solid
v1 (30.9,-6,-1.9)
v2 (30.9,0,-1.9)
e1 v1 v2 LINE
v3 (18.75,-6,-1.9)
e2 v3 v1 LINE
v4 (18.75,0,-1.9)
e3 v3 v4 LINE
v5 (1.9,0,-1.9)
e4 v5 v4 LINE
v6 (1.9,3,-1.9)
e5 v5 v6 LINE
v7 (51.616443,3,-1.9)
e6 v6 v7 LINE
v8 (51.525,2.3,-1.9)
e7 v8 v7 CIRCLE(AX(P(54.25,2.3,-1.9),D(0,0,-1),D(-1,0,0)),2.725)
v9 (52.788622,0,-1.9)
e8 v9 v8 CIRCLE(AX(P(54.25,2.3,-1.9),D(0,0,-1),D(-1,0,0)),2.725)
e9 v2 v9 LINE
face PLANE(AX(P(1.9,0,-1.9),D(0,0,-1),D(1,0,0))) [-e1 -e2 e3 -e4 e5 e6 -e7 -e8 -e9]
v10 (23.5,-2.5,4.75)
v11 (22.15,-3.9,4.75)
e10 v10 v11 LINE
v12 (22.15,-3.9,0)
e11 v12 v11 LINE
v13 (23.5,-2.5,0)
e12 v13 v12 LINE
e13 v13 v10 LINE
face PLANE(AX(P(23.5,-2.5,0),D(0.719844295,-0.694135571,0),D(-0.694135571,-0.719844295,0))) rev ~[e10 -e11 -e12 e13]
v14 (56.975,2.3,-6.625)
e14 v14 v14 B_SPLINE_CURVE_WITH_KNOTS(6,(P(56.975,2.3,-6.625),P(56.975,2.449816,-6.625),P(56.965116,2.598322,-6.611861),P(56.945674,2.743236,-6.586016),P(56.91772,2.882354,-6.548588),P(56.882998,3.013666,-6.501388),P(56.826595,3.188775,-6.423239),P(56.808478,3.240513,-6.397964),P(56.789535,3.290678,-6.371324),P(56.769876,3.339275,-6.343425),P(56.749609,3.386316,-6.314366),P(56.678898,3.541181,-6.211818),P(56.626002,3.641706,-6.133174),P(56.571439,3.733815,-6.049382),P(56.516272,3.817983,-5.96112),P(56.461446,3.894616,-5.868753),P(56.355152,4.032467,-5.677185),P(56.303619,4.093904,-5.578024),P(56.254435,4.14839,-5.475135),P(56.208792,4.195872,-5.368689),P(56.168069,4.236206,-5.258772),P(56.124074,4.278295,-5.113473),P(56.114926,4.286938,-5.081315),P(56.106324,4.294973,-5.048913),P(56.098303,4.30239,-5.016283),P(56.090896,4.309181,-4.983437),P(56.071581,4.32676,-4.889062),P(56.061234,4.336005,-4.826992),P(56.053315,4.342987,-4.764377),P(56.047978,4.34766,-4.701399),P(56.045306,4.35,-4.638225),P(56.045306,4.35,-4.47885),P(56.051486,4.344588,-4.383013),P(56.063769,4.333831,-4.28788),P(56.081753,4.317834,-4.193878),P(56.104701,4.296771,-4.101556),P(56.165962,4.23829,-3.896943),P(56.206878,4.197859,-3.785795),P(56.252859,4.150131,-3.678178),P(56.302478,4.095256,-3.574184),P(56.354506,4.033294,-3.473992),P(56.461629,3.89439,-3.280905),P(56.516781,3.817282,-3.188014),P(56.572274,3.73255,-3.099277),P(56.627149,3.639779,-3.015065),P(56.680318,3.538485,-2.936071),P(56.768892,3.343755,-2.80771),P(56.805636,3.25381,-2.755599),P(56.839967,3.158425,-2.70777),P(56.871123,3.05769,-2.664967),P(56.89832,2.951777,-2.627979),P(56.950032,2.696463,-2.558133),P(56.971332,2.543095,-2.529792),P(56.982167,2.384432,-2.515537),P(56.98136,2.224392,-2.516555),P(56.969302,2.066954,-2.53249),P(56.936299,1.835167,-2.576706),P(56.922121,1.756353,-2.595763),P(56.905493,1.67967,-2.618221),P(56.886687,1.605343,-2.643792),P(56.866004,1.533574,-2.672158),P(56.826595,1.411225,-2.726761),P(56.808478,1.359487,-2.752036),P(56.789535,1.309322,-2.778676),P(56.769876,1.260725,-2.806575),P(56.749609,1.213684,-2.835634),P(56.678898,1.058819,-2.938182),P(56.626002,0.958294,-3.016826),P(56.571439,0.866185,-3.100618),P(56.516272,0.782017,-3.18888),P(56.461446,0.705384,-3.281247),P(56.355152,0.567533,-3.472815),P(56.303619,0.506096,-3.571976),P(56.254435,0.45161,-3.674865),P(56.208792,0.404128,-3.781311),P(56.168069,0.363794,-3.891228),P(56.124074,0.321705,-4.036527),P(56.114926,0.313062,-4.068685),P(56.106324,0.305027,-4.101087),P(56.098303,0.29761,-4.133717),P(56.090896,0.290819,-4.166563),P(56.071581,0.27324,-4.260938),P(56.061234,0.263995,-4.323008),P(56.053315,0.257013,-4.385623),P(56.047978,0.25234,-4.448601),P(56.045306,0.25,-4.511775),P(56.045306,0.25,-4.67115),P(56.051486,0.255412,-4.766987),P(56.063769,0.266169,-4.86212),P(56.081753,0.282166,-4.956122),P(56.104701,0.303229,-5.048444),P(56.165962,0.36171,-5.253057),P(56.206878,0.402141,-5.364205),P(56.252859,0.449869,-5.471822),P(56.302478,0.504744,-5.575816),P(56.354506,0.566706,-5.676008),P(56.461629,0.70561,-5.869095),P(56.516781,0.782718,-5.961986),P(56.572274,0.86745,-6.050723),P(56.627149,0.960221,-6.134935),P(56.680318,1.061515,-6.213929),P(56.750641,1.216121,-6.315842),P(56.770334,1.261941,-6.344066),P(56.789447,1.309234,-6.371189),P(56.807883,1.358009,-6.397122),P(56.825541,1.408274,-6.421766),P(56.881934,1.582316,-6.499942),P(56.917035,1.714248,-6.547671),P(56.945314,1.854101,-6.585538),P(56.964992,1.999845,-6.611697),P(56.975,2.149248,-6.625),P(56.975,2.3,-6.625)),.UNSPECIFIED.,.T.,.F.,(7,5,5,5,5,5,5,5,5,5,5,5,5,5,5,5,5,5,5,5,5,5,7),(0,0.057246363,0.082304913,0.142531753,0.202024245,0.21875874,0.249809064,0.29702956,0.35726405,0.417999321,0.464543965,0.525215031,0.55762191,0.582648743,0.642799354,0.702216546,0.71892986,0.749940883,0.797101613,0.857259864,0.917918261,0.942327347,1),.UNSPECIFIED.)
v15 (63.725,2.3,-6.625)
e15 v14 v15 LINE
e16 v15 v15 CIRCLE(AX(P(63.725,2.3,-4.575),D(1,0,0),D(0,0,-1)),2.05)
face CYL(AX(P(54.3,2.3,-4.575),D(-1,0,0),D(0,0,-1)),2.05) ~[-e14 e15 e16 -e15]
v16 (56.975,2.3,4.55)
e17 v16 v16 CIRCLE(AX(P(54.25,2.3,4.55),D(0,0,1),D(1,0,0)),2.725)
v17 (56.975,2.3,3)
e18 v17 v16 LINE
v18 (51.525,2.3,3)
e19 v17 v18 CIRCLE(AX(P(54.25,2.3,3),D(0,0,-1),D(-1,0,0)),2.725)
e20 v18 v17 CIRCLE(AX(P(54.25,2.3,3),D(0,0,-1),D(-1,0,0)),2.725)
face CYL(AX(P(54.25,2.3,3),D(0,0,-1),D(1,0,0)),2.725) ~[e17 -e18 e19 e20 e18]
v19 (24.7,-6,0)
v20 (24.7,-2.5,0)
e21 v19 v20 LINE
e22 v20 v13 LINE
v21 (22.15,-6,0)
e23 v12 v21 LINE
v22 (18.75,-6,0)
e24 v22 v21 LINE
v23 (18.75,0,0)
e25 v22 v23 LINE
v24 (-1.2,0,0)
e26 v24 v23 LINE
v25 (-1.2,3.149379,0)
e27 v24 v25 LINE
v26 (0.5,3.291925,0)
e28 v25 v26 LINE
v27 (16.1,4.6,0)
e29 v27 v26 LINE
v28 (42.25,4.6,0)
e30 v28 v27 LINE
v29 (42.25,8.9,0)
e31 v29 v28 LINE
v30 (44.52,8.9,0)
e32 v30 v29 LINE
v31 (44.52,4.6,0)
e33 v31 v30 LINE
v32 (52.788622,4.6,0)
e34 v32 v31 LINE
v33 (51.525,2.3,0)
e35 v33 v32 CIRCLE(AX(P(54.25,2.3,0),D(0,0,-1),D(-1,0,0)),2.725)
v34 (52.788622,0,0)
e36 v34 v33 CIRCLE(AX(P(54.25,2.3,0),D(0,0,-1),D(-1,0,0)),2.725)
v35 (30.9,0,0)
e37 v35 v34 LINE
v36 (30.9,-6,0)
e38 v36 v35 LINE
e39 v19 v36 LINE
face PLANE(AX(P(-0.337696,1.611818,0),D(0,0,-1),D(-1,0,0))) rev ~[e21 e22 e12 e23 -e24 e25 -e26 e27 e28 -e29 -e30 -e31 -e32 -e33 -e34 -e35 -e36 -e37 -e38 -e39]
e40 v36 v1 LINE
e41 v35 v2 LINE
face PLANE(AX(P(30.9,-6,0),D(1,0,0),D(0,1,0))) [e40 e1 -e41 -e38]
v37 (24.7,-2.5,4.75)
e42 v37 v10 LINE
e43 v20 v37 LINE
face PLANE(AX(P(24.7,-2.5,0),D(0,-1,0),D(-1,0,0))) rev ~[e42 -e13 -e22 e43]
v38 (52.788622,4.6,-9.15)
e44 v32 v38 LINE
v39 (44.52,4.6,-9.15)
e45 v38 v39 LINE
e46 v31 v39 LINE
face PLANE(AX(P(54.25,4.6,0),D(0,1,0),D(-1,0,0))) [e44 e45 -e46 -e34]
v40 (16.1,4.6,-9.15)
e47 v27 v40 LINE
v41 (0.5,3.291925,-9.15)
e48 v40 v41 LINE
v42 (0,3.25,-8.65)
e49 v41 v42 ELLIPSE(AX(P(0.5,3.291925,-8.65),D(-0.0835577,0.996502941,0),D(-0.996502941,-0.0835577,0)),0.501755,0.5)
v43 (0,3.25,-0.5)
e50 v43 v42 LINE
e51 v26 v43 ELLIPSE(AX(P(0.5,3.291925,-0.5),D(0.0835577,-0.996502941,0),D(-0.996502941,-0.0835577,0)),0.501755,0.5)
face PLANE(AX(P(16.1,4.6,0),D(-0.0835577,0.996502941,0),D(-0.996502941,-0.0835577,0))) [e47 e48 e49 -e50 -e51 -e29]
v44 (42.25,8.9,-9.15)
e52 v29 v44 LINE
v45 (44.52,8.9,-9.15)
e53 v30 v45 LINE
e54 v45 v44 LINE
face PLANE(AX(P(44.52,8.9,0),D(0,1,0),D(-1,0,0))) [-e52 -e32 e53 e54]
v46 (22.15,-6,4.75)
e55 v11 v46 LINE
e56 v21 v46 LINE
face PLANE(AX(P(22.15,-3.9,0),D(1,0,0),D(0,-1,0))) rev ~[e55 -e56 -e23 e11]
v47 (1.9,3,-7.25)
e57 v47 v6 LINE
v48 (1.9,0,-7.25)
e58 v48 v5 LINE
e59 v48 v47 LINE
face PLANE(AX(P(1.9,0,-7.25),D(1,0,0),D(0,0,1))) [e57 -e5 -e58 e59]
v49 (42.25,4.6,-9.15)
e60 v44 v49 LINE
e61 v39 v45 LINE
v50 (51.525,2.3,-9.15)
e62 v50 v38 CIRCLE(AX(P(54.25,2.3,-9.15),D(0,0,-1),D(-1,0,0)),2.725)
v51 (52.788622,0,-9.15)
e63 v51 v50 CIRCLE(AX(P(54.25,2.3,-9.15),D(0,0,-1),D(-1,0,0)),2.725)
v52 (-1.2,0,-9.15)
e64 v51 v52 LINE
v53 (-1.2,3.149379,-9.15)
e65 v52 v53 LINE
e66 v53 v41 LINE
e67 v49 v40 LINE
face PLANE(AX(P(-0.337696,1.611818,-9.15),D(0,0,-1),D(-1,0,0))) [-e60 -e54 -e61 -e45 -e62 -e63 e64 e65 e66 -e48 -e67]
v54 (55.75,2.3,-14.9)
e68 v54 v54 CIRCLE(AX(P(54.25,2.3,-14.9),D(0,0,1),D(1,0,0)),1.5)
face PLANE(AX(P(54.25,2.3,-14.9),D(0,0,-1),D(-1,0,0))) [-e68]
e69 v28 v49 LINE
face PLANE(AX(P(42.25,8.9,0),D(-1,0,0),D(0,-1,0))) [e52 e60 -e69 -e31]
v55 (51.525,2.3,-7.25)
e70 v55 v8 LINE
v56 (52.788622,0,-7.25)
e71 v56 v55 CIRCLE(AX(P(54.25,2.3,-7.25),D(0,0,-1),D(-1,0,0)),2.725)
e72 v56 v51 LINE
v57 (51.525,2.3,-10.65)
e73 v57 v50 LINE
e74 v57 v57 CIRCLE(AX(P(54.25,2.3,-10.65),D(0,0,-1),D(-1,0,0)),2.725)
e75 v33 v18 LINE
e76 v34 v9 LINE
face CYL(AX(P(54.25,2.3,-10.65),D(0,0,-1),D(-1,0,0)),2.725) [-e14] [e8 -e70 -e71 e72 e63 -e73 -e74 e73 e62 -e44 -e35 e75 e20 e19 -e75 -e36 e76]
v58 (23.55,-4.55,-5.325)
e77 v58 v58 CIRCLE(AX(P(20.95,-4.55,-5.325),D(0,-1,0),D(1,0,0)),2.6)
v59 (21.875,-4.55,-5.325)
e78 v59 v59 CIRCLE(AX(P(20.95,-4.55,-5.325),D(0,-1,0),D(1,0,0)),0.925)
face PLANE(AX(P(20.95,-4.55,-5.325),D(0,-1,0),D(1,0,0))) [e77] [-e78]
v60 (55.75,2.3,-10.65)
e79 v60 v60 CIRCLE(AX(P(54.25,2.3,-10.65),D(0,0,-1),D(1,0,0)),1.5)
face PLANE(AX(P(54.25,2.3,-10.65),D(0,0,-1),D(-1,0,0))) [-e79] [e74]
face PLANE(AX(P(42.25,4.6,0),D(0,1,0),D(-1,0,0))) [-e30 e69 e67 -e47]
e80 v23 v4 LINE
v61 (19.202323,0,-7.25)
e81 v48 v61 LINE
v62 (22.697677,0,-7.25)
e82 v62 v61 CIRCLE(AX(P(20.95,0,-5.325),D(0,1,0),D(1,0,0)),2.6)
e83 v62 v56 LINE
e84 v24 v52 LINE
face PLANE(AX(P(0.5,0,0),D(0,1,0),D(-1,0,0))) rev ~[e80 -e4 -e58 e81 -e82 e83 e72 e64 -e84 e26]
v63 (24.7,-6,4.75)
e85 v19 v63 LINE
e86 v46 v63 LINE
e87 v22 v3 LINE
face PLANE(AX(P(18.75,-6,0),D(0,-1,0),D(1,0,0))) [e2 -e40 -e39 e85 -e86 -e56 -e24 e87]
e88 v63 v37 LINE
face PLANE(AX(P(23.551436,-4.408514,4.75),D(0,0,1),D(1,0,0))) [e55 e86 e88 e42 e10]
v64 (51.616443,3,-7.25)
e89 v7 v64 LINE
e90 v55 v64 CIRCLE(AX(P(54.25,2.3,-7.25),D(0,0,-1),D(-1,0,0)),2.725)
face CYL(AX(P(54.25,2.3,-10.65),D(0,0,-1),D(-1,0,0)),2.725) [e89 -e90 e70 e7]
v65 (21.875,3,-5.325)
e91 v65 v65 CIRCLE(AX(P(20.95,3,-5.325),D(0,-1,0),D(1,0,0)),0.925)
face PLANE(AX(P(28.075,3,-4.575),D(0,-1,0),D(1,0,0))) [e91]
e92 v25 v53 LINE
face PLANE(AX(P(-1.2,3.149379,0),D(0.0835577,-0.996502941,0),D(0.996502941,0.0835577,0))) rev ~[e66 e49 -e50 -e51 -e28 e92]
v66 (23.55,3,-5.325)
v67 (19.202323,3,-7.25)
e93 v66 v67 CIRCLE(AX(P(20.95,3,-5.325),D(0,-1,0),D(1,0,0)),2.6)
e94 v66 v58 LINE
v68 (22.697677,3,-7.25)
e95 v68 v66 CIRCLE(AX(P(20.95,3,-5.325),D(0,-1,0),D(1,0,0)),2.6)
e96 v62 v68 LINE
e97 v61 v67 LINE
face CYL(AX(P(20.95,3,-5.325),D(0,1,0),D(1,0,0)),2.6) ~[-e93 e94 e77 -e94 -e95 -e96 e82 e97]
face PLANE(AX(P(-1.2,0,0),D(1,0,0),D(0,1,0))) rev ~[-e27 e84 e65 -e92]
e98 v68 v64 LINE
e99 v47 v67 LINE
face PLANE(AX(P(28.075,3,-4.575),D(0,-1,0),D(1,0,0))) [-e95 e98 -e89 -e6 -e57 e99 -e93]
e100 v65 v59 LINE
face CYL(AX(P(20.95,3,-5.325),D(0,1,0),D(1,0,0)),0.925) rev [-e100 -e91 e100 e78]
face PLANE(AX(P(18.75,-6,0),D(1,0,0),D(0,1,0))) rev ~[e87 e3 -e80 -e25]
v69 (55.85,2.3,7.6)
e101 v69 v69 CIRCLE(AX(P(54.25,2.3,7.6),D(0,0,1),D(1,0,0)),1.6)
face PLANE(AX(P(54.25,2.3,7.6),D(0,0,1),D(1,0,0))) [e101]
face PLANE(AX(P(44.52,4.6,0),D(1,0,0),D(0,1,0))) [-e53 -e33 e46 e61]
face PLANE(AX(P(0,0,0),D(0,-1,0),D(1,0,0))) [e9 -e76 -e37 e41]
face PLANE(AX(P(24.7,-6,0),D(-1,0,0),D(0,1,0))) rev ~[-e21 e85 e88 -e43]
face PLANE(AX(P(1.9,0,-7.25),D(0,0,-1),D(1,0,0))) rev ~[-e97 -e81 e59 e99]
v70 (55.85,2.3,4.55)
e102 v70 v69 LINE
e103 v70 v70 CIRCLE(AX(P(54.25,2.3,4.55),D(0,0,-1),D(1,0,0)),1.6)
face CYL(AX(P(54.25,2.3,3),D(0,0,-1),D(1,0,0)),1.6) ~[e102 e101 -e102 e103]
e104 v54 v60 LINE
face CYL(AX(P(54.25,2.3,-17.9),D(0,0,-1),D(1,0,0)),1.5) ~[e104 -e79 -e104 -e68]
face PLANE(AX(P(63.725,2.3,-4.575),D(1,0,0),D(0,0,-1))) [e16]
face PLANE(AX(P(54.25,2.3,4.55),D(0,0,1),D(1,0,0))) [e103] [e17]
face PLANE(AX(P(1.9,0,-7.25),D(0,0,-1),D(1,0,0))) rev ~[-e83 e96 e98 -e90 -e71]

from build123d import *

# Parameters (mm, degrees)
BOSS_EXTRUDE1_DEPTH  = 9.15
SKETCH4_W            = 52.35
SKETCH4_H            = 5.35
CUT_EXTRUDE2_DEPTH   = 3
SKETCH6_R            = 2.725
BOSS_EXTRUDE2_DEPTH  = 13.65
SKETCH8_R            = 1.5
BOSS_EXTRUDE3_DEPTH  = 8.75
SKETCH9_R            = 1.6
BOSS_EXTRUDE4_DEPTH  = 4.6
SKETCH10_R           = 2.6
SKETCH10_R_2         = 0.925
BOSS_EXTRUDE5_DEPTH  = 7.55
SKETCH11_W           = 12.15
SKETCH11_H           = 6
BOSS_EXTRUDE6_DEPTH  = 1.9
BOSS_EXTRUDE7_DEPTH  = 4.75
SKETCH13_R           = 2.05
BOSS_EXTRUDE8_DEPTH  = 9.425
FILLET1_R            = 0.5
BOSS_EXTRUDE9_DEPTH  = 9.15
SKETCH20_R           = 2.725
BOSS_EXTRUDE10_DEPTH = 1.55
SKETCH21_R           = 1.5
CUT_EXTRUDE3_DEPTH   = 3


with BuildPart() as part:
    # Sketch1 → Boss-Extrude1 (new body)
    with BuildSketch(Plane.XY):
        Polygon((0, 0), (54.25, 0), (54.25, 4.6), (44.52, 4.6), (44.52, 8.9), (42.25, 8.9), (42.25, 4.6), (16.1, 4.6), (0, 3.25), align=None)
    extrude(amount=-BOSS_EXTRUDE1_DEPTH)

    # Sketch4 → Cut-Extrude2 (cut)
    with BuildSketch(Plane.XZ):
        with Locations((28.075, -4.575)):
            Rectangle(SKETCH4_W, SKETCH4_H)
    extrude(amount=-CUT_EXTRUDE2_DEPTH, mode=Mode.SUBTRACT)

    # Sketch6 → Boss-Extrude2 (add)
    with BuildSketch(Plane(origin=(0, 0, -10.65), x_dir=(-1, 0, 0), z_dir=(0, 0, -1))):
        with Locations((-54.25, 2.3)):
            Circle(SKETCH6_R)
    extrude(amount=-BOSS_EXTRUDE2_DEPTH)

    # Sketch8 → Boss-Extrude3 (add)
    with BuildSketch(Plane.XY.offset(-17.9)):
        with Locations((54.25, 2.3)):
            Circle(SKETCH8_R)
    extrude(amount=BOSS_EXTRUDE3_DEPTH)

    # Sketch9 → Boss-Extrude4 (add)
    with BuildSketch(Plane.XY.offset(3)):
        with Locations((54.25, 2.3)):
            Circle(SKETCH9_R)
    extrude(amount=BOSS_EXTRUDE4_DEPTH)

    # Sketch10 → Boss-Extrude5 (add)
    with BuildSketch(Plane.XZ.offset(-3)):
        with Locations((20.95, -5.325)):
            Circle(SKETCH10_R)
        with Locations((20.95, -5.325)):
            Circle(SKETCH10_R_2, mode=Mode.SUBTRACT)
    extrude(amount=BOSS_EXTRUDE5_DEPTH)

    # Sketch11 → Boss-Extrude6 (add)
    with BuildSketch(Plane.XY):
        with Locations((24.825, -3)):
            Rectangle(SKETCH11_W, SKETCH11_H)
    extrude(amount=-BOSS_EXTRUDE6_DEPTH)

    # Sketch12 → Boss-Extrude7 (add)
    with BuildSketch(Plane.XY):
        Polygon((24.7, -6), (24.7, -2.5), (23.5, -2.5), (22.15, -3.9), (22.15, -6), align=None)
    extrude(amount=BOSS_EXTRUDE7_DEPTH)

    # Sketch13 → Boss-Extrude8 (add)
    with BuildSketch(Plane(origin=(54.3, 0, 0), x_dir=(0, 0, -1), z_dir=(1, 0, 0))):
        with Locations((4.575, 2.3)):
            Circle(SKETCH13_R)
    extrude(amount=BOSS_EXTRUDE8_DEPTH)

    # Fillet1
    fillet1_edges = [part.edges().sort_by_distance(p)[0] for p in [
        (0, 1.625, 0),
        (0, 1.625, -9.15),
    ]]
    fillet(fillet1_edges, radius=FILLET1_R)

    # Sketch19 → Boss-Extrude9 (add)
    with BuildSketch(Plane.XY):
        Polygon((0.5, 0), (-1.2, 0), (-1.2, 3.149378882), (0.5, 3.291925466), align=None)
    extrude(amount=-BOSS_EXTRUDE9_DEPTH)

    # Sketch20 → Boss-Extrude10 (add)
    with BuildSketch(Plane.XY.offset(3)):
        with Locations((54.25, 2.3)):
            Circle(SKETCH20_R)
    extrude(amount=BOSS_EXTRUDE10_DEPTH)

    # Sketch21 → Cut-Extrude3 (cut)
    with BuildSketch(Plane(origin=(0, 0, -17.9), x_dir=(-1, 0, 0), z_dir=(0, 0, -1))):
        with Locations((-54.25, 2.3)):
            Circle(SKETCH21_R)
    extrude(amount=-CUT_EXTRUDE3_DEPTH, mode=Mode.SUBTRACT)


solid = part.part
